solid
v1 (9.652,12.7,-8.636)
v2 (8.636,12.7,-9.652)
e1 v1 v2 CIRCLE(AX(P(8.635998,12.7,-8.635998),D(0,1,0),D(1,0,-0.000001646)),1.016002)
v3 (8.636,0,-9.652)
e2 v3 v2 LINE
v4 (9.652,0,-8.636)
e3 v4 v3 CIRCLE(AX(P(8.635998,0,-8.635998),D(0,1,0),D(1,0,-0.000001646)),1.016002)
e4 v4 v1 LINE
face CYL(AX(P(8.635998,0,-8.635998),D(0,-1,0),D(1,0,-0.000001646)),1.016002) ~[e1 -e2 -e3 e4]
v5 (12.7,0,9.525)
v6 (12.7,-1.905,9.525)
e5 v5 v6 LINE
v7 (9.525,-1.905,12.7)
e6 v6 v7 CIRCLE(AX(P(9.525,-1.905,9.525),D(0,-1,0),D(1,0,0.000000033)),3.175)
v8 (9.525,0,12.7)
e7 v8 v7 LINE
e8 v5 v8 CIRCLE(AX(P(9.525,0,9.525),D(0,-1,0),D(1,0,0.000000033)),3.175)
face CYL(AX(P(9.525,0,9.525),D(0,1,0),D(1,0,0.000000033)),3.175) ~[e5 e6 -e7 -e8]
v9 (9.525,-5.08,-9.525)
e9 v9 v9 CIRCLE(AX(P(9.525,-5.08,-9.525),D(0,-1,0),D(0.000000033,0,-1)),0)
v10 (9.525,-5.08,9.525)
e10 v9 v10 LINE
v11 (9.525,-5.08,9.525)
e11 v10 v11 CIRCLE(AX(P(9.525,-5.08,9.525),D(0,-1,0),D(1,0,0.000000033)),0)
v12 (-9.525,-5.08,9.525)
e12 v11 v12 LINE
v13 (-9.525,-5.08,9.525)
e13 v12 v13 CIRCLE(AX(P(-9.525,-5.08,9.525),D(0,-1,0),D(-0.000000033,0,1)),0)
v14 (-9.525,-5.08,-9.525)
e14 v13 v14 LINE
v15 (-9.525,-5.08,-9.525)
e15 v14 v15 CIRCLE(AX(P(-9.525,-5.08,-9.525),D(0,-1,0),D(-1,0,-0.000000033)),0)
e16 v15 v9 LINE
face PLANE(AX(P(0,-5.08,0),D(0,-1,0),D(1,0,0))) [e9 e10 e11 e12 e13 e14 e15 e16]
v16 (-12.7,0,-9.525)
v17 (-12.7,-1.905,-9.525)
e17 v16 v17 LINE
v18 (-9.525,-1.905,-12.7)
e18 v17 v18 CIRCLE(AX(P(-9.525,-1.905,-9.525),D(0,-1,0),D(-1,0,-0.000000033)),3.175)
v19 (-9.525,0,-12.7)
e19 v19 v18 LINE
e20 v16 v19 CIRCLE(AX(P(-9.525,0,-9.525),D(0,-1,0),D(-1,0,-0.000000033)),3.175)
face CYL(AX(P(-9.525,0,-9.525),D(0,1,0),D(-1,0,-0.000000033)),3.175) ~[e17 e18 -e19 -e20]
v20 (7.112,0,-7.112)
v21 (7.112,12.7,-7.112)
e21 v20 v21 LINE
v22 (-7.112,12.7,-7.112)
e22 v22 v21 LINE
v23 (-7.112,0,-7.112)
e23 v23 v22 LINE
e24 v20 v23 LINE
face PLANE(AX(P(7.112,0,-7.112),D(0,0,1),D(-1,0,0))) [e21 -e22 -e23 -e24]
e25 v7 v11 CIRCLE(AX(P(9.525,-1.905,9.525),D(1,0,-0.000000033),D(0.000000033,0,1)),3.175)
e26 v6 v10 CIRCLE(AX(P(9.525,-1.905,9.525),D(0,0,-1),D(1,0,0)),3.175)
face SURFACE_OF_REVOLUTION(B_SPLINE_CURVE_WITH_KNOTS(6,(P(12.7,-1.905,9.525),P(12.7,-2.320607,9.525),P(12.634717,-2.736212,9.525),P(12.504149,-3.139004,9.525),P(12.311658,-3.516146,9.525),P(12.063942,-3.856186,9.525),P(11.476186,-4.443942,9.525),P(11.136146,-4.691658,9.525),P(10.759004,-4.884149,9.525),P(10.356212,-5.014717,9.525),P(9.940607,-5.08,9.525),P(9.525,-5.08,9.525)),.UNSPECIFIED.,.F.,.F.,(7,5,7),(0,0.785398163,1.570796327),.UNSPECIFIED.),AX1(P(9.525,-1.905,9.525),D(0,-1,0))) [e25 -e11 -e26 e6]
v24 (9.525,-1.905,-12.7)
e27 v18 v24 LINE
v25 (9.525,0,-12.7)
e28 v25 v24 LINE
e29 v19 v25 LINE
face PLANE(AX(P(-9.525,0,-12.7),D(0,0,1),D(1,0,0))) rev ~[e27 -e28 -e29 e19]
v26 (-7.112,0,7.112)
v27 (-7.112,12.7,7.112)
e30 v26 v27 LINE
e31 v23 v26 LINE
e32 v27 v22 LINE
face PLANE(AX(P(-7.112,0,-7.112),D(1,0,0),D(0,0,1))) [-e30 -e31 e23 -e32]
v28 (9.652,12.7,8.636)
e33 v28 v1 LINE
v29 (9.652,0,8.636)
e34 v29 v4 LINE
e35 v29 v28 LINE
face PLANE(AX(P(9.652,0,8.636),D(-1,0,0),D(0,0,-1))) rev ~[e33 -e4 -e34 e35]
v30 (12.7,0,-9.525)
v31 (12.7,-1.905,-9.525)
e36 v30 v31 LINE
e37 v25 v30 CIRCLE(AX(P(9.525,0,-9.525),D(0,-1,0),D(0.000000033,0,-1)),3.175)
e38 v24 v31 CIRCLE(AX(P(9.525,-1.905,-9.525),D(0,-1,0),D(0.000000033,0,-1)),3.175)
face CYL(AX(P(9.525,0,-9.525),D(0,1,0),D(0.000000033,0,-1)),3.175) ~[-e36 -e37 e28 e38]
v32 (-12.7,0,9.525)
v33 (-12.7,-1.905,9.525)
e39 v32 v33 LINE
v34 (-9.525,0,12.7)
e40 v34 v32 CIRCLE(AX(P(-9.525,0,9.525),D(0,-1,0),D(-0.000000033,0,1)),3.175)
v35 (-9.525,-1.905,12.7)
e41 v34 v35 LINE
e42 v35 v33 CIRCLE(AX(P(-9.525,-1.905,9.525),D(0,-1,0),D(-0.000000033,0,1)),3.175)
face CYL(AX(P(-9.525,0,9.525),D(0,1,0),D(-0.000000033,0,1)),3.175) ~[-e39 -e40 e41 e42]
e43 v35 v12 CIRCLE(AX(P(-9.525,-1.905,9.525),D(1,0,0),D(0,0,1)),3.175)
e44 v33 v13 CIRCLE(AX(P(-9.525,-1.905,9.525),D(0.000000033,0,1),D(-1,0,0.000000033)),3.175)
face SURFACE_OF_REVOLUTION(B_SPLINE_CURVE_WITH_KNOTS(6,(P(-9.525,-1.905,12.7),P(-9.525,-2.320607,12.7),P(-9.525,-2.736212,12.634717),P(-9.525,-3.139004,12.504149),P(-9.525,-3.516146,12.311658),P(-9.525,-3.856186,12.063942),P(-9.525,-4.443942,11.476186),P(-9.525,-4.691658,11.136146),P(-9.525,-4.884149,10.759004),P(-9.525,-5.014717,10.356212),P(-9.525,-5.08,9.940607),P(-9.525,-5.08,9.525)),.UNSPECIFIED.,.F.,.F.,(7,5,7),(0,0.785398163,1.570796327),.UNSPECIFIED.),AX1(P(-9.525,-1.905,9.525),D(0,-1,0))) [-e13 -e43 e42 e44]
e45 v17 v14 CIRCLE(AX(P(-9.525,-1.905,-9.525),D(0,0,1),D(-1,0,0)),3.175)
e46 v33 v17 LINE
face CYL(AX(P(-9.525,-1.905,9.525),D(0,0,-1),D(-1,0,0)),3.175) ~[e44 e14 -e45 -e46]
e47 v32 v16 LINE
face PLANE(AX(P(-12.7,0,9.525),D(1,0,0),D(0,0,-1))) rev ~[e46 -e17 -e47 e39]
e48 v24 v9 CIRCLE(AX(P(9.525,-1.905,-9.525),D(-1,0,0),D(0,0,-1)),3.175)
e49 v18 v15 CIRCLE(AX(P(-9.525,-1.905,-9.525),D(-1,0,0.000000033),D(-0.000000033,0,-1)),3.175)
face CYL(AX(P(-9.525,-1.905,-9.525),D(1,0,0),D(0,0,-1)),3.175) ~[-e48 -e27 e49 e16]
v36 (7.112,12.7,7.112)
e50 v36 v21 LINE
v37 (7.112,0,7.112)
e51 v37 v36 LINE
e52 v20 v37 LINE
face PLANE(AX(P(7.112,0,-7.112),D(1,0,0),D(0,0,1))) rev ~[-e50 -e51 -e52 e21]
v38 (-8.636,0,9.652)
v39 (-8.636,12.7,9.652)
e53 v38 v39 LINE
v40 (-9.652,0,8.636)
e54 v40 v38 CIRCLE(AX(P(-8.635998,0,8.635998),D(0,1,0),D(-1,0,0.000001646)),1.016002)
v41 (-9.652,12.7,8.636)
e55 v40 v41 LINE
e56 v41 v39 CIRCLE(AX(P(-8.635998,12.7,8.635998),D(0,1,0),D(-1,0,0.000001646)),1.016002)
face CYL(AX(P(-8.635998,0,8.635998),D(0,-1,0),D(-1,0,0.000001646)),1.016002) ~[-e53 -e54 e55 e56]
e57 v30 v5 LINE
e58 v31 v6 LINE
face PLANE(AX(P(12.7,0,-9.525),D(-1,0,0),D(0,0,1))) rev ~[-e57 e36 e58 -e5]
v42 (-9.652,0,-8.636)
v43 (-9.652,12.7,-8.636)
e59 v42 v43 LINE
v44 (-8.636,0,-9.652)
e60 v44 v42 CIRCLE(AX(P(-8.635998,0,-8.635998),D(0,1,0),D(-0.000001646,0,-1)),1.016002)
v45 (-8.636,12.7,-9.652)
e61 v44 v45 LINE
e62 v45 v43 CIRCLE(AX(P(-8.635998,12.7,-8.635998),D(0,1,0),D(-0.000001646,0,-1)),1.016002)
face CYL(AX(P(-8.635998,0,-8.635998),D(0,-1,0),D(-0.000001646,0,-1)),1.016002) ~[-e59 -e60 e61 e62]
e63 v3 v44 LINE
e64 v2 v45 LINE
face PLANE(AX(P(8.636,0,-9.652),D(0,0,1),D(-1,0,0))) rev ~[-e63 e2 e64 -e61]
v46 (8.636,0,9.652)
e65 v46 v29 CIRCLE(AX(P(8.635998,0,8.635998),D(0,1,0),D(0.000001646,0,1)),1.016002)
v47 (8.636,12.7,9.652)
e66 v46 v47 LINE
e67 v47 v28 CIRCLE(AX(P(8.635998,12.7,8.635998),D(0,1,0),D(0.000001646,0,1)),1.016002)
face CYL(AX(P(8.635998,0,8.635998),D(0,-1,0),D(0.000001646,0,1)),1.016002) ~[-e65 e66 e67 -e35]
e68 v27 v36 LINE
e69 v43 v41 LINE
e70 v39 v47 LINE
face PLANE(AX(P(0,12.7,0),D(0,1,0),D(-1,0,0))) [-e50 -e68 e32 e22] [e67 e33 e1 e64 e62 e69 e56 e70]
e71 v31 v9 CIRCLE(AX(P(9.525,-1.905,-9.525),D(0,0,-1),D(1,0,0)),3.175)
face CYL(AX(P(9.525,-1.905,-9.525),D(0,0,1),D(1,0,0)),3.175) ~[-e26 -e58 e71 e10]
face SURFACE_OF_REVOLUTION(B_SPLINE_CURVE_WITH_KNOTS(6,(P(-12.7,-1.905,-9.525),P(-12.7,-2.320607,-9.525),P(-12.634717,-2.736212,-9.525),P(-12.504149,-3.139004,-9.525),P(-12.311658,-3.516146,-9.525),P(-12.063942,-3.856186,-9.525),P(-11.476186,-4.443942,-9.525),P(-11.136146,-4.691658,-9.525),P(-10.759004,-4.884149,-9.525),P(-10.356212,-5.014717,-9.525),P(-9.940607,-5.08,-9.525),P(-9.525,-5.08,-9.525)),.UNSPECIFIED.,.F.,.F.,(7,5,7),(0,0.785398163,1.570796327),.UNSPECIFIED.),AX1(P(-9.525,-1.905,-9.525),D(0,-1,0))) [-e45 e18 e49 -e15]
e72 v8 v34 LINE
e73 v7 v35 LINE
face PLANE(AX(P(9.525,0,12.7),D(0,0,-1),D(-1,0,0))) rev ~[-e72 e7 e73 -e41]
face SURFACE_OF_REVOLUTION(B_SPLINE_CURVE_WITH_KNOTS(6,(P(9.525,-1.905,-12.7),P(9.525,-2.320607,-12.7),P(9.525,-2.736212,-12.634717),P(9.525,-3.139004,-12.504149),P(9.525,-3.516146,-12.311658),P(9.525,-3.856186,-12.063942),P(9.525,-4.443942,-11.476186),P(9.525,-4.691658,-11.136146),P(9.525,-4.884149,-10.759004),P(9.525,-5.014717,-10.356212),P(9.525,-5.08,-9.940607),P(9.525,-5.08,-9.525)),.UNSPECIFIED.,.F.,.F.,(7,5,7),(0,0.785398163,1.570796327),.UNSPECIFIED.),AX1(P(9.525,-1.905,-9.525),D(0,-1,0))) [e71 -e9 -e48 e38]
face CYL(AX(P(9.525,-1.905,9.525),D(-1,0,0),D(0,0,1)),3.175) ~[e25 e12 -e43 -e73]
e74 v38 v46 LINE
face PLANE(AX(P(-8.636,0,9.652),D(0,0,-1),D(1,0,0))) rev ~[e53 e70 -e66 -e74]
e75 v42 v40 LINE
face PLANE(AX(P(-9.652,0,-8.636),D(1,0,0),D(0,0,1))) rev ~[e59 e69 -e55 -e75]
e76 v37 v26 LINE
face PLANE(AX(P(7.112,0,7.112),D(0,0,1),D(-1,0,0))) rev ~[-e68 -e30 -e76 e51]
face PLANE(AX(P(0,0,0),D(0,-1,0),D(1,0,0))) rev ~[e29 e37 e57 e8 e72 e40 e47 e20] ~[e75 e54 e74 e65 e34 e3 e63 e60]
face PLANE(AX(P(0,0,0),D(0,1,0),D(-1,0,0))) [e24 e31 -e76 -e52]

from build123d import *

# Parameters (mm, degrees)
F1_DEPTH = 5.08
F2_R     = 3.175
F4_DEPTH = 12.7
F5_W     = 14.224
F5_H     = 14.224
F6_DEPTH = 43.7134


with BuildPart() as f1:
    # F0 (on Front) → F1 (new body)
    with BuildSketch(Plane.XZ):
        with BuildLine():
            Line((9.525, 12.7), (-9.525, 12.7))
            ThreePointArc((-9.525, 12.7), (-11.770064, 11.770064), (-12.7, 9.525))
            Line((-12.7, 9.525), (-12.7, -9.525))
            ThreePointArc((-12.7, -9.525), (-11.770064, -11.770064), (-9.525, -12.7))
            Line((-9.525, -12.7), (9.525, -12.7))
            ThreePointArc((9.525, -12.7), (11.770064, -11.770064), (12.7, -9.525))
            Line((12.7, -9.525), (12.7, 9.525))
            ThreePointArc((12.7, 9.525), (11.770064, 11.770064), (9.525, 12.7))
        make_face()
    extrude(amount=F1_DEPTH)

    # F2
    f2_edges = [f1.edges().sort_by_distance(p)[0] for p in [
        (12.7, -5.08, 0),
    ]]
    fillet(f2_edges, radius=F2_R)

    # F3 (on face) → F4 (join)
    with BuildSketch(Plane(origin=(0, 0, 0), x_dir=(-1, 0, 0), z_dir=(0, 1, 0))):
        with BuildLine():
            ThreePointArc((9.652, 8.636), (9.35442, 9.35442), (8.636, 9.652))
            Line((8.636, 9.652), (-8.636, 9.652))
            ThreePointArc((-8.636, 9.652), (-9.35442, 9.35442), (-9.652, 8.636))
            Line((-9.652, 8.636), (-9.652, -8.636))
            ThreePointArc((-9.652, -8.636), (-9.35442, -9.35442), (-8.636, -9.652))
            Line((-8.636, -9.652), (8.636, -9.652))
            ThreePointArc((8.636, -9.652), (9.35442, -9.35442), (9.652, -8.636))
            Line((9.652, -8.636), (9.652, 8.636))
        make_face()
    extrude(amount=F4_DEPTH)

    # F5 (on face) → F6 (cut)
    with BuildSketch(Plane(origin=(0, 0, 0), x_dir=(-1, 0, 0), z_dir=(0, 1, 0))):
        Rectangle(F5_W, F5_H)
    extrude(amount=F6_DEPTH, mode=Mode.SUBTRACT)


solid = f1.part
